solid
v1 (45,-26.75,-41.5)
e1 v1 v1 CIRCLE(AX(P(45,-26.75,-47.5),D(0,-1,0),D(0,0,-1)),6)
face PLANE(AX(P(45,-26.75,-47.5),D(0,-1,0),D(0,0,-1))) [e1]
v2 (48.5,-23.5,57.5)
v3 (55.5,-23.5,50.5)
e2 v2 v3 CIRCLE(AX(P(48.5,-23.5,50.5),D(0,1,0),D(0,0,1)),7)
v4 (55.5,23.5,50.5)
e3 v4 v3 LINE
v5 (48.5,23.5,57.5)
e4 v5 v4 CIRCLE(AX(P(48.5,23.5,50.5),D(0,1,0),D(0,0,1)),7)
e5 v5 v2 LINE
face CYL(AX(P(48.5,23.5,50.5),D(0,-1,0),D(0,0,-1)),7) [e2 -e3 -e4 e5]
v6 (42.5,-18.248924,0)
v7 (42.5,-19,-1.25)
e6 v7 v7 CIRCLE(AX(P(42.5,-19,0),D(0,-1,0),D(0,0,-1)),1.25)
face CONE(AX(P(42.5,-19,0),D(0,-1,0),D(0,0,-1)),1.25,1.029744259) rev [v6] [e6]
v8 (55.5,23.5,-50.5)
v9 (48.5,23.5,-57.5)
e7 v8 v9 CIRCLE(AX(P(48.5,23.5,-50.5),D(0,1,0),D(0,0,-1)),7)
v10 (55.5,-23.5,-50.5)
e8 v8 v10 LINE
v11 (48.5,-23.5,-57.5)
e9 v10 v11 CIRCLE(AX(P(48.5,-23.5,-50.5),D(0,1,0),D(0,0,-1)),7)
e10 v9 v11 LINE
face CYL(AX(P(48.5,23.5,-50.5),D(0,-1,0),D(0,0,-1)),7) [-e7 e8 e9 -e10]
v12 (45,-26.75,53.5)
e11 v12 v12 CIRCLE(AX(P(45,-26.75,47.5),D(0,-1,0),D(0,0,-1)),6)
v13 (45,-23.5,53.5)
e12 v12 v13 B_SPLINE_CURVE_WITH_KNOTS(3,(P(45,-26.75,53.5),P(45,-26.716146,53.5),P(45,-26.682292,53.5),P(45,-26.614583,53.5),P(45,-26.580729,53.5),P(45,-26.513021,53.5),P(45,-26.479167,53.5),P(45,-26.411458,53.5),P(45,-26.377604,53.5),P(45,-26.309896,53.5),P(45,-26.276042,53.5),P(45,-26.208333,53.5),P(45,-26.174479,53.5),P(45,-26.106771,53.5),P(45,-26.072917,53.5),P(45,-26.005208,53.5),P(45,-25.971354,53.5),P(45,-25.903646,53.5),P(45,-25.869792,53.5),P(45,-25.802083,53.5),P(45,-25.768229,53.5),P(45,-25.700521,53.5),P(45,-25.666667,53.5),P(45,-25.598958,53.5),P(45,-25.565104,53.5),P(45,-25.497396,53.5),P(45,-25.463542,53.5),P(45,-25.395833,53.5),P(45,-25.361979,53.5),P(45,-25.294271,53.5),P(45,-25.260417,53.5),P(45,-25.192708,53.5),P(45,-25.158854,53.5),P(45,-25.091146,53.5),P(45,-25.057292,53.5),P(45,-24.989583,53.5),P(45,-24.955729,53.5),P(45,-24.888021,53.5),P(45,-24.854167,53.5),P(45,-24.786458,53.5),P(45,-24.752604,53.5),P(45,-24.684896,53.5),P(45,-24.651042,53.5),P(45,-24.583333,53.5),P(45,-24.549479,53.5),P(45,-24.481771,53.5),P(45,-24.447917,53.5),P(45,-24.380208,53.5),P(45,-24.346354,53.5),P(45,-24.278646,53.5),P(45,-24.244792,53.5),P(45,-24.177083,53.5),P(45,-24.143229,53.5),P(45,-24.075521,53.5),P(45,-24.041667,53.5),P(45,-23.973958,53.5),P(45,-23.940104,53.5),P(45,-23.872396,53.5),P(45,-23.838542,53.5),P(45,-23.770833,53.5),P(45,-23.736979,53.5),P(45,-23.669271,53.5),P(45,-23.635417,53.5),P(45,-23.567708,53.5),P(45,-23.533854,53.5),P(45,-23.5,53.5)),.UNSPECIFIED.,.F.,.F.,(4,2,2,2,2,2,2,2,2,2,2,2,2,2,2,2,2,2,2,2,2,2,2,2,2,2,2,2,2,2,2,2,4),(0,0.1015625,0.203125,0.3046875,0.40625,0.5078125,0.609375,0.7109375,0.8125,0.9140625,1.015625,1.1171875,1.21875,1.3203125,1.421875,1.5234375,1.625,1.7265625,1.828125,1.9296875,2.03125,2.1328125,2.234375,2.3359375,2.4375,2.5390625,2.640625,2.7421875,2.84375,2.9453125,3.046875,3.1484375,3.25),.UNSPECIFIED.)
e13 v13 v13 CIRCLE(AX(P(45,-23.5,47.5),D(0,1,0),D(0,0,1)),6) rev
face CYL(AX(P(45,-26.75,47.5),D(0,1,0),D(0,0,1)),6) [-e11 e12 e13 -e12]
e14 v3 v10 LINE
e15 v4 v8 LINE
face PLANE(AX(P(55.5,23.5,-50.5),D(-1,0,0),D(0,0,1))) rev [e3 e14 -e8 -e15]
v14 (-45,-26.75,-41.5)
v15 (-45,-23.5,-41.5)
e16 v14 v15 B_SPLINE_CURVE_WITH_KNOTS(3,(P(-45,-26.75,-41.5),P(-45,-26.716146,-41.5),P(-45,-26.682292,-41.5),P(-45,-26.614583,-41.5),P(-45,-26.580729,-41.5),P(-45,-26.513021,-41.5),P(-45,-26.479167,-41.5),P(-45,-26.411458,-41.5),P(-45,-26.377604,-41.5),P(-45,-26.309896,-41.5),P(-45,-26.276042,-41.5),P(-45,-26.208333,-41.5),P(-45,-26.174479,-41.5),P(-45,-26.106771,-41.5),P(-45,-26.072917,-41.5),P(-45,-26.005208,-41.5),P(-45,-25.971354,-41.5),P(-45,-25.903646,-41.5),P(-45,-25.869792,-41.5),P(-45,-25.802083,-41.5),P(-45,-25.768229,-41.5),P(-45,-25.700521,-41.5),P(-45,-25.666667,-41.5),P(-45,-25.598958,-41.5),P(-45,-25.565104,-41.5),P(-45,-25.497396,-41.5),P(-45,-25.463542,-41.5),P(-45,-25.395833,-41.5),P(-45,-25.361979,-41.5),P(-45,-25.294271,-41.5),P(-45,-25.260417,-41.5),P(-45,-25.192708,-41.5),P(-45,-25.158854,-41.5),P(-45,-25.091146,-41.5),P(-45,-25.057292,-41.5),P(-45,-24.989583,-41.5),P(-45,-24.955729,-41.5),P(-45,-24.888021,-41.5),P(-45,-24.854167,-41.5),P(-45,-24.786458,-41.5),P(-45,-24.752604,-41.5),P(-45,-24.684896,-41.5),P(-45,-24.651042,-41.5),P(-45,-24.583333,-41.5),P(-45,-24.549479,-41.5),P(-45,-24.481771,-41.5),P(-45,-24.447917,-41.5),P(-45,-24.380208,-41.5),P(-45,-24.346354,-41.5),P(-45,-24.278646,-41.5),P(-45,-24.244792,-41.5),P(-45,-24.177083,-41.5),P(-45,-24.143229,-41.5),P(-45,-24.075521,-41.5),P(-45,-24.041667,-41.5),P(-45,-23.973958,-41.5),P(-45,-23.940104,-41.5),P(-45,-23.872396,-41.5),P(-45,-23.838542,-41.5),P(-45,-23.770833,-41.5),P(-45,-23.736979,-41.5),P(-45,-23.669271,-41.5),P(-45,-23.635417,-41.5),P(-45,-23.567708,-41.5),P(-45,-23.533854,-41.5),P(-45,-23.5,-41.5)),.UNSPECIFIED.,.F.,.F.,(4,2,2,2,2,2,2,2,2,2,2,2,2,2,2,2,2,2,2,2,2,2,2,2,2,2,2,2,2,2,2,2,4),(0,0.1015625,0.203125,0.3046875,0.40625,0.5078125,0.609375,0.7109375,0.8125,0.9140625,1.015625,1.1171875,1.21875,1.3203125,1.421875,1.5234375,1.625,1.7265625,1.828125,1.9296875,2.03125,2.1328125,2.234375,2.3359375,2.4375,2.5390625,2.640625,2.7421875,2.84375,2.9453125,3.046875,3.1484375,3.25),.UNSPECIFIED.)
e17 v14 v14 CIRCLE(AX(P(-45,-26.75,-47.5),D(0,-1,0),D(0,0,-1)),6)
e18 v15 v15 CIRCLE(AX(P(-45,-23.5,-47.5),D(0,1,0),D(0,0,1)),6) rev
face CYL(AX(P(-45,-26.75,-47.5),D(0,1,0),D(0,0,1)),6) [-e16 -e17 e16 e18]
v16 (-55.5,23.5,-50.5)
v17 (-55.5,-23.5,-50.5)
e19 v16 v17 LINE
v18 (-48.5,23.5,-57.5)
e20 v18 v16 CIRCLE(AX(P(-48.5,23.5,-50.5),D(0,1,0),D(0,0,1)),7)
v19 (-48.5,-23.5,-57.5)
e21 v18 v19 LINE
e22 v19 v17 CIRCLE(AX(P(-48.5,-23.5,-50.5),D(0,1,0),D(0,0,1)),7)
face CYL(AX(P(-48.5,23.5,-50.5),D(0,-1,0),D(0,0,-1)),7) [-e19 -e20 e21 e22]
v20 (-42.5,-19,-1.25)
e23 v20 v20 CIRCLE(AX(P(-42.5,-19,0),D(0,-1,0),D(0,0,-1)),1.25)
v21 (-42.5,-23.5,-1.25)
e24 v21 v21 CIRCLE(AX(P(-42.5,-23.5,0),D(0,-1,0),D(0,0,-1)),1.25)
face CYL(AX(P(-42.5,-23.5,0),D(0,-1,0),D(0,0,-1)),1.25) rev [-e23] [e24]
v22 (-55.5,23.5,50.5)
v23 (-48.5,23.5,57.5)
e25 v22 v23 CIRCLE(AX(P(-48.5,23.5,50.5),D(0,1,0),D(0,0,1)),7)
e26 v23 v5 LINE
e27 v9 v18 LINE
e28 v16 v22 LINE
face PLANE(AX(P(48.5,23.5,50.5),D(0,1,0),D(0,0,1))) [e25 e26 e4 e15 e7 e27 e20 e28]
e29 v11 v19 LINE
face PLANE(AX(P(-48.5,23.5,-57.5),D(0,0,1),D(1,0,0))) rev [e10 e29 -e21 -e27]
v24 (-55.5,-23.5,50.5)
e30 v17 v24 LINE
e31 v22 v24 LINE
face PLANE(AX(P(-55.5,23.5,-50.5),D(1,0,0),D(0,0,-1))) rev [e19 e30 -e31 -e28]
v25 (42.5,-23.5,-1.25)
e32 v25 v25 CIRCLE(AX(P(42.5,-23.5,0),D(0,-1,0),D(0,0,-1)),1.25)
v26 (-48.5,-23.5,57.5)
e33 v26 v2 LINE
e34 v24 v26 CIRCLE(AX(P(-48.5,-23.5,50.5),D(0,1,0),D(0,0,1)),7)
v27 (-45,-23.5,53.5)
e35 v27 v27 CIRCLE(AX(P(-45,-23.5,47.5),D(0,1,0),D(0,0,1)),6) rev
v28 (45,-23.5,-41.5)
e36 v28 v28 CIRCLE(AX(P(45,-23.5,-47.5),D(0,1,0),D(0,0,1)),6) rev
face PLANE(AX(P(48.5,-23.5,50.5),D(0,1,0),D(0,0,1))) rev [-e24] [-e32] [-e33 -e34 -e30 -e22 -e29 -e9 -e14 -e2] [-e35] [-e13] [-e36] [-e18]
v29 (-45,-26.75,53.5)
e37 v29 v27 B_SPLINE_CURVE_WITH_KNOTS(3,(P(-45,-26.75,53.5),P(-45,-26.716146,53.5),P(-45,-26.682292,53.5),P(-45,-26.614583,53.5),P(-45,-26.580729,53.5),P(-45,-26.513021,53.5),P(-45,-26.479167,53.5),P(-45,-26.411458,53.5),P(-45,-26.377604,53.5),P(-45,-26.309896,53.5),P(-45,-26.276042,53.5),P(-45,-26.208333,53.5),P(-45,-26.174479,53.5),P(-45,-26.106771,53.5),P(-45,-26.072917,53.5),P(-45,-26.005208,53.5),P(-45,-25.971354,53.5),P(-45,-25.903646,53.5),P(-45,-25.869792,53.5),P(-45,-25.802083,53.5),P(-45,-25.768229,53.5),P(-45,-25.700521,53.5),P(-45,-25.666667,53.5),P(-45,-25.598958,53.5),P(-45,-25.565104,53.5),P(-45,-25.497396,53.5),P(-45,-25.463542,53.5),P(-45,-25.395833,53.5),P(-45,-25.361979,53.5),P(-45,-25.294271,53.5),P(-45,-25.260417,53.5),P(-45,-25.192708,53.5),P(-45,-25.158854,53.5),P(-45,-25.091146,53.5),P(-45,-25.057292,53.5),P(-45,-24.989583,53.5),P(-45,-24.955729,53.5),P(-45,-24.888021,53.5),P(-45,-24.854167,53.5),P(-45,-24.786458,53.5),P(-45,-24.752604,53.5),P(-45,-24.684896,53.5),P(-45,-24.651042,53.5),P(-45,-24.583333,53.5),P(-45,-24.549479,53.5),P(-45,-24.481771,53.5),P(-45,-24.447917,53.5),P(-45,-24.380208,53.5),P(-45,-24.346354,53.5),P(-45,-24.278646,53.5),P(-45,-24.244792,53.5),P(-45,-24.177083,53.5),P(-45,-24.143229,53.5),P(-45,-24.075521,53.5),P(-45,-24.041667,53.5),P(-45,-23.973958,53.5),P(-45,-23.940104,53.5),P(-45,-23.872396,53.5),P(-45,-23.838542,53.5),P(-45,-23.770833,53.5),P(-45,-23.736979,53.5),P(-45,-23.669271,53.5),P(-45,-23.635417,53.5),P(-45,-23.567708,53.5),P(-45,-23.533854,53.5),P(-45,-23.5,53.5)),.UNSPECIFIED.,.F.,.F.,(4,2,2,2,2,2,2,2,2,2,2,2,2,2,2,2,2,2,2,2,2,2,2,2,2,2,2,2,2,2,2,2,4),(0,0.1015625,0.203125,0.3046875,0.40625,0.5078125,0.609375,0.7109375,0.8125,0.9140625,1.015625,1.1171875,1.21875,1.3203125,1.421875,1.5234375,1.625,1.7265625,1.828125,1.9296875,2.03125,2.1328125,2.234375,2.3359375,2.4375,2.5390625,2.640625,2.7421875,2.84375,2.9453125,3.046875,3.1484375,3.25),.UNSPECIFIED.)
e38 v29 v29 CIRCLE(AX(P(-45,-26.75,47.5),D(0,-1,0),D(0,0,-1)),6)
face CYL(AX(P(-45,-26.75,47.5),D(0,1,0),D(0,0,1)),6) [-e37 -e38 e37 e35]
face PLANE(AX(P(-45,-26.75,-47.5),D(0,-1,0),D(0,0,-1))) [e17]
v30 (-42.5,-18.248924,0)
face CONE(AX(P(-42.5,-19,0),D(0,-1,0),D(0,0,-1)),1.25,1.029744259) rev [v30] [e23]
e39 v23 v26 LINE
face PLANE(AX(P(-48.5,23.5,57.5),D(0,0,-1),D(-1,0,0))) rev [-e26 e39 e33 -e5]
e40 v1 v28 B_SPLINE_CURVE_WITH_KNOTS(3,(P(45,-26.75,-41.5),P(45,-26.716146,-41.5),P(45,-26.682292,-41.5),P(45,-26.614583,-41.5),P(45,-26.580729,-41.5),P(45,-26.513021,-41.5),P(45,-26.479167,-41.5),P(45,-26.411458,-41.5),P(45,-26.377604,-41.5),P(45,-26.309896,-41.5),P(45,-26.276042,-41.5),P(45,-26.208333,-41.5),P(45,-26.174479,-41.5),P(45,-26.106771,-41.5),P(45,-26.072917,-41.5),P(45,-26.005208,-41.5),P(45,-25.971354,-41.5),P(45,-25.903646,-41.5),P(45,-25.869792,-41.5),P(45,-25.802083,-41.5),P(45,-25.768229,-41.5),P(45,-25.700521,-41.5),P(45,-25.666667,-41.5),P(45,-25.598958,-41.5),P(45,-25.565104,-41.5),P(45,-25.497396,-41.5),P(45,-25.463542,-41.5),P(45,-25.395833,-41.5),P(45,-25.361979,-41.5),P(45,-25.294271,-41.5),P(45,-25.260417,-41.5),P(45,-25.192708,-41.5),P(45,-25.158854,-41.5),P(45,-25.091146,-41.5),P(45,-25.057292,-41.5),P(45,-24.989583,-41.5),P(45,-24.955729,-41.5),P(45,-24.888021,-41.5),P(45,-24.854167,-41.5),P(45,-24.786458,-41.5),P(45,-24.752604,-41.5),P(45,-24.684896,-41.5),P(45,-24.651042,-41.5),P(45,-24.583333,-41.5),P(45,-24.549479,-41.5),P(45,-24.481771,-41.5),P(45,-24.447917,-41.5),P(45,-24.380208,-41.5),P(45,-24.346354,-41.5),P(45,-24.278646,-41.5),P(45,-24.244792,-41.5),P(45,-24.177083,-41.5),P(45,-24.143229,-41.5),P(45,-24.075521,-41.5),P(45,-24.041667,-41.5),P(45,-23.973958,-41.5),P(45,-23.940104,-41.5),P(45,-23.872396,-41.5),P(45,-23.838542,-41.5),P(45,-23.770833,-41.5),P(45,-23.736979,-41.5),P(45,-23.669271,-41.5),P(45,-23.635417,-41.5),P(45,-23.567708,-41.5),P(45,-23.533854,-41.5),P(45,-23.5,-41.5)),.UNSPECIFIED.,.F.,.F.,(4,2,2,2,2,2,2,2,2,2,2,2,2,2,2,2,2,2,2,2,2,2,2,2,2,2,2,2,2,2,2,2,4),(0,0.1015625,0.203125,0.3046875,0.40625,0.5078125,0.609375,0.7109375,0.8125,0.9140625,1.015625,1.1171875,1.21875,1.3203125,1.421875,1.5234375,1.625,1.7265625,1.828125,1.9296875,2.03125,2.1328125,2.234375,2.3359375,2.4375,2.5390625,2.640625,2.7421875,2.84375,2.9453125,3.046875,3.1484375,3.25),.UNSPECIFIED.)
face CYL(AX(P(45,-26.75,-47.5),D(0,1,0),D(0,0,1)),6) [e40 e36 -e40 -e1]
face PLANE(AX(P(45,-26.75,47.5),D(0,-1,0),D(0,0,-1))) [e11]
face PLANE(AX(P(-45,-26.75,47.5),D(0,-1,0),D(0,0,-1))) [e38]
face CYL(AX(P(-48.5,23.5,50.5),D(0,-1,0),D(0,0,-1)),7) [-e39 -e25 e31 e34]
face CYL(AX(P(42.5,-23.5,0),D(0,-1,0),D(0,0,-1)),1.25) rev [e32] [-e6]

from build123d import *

# Parameters (mm, degrees)
BOSS_EXTRUDE1_DEPTH       = 23.5
SKETCH4_R                 = 6
BOSS_EXTRUDE2_DEPTH       = 3.25
M3X0_5_TAPPED_HOLE1_D     = 2.5
M3X0_5_TAPPED_HOLE1_DEPTH = 4.5
M3X0_5_TAPPED_HOLE1_TIP   = 0.751075774


with BuildPart() as part:
    # Sketch3 → Boss-Extrude1 (new, symmetric)
    with BuildSketch(Plane(origin=(0, 0, 0), x_dir=(1, 0, 0), z_dir=(0, 1, 0))):
        with BuildLine():
            Line((-48.5, 57.5), (48.5, 57.5))
            ThreePointArc((48.5, 57.5), (53.449747468, 55.449747468), (55.5, 50.5))
            Line((55.5, 50.5), (55.5, -50.5))
            ThreePointArc((55.5, -50.5), (53.449747468, -55.449747468), (48.5, -57.5))
            Line((48.5, -57.5), (-48.5, -57.5))
            ThreePointArc((-48.5, -57.5), (-53.449747468, -55.449747468), (-55.5, -50.5))
            Line((-55.5, -50.5), (-55.5, 50.5))
            ThreePointArc((-55.5, 50.5), (-53.449747468, 55.449747468), (-48.5, 57.5))
        make_face()
    extrude(amount=BOSS_EXTRUDE1_DEPTH, both=True)

    # Sketch4 → Boss-Extrude2 (add)
    with BuildSketch(Plane.XZ.offset(23.5)):
        with Locations(Location((45, 47.5, 0), (0, 0, 90))):
            Circle(SKETCH4_R)
        with Locations(Location((-45, 47.5, 0), (0, 0, 90))):
            Circle(SKETCH4_R)
        with Locations(Location((-45, -47.5, 0), (0, 0, 90))):
            Circle(SKETCH4_R)
        with Locations(Location((45, -47.5, 0), (0, 0, 90))):
            Circle(SKETCH4_R)
    extrude(amount=BOSS_EXTRUDE2_DEPTH)

    # M3x0.5 Tapped Hole1
    with Locations(Plane(origin=(0, -23.5, 0), x_dir=(-1, 0, 0), z_dir=(0, -1, 0))):
        with Locations((-42.5, 0), (42.5, 0)):
            Hole(M3X0_5_TAPPED_HOLE1_D / 2, depth=M3X0_5_TAPPED_HOLE1_DEPTH)
            with Locations((0, 0, -(M3X0_5_TAPPED_HOLE1_DEPTH + M3X0_5_TAPPED_HOLE1_TIP / 2))):  # 118° drill point
                Cone(0, M3X0_5_TAPPED_HOLE1_D / 2, M3X0_5_TAPPED_HOLE1_TIP, mode=Mode.SUBTRACT)


solid = part.part
